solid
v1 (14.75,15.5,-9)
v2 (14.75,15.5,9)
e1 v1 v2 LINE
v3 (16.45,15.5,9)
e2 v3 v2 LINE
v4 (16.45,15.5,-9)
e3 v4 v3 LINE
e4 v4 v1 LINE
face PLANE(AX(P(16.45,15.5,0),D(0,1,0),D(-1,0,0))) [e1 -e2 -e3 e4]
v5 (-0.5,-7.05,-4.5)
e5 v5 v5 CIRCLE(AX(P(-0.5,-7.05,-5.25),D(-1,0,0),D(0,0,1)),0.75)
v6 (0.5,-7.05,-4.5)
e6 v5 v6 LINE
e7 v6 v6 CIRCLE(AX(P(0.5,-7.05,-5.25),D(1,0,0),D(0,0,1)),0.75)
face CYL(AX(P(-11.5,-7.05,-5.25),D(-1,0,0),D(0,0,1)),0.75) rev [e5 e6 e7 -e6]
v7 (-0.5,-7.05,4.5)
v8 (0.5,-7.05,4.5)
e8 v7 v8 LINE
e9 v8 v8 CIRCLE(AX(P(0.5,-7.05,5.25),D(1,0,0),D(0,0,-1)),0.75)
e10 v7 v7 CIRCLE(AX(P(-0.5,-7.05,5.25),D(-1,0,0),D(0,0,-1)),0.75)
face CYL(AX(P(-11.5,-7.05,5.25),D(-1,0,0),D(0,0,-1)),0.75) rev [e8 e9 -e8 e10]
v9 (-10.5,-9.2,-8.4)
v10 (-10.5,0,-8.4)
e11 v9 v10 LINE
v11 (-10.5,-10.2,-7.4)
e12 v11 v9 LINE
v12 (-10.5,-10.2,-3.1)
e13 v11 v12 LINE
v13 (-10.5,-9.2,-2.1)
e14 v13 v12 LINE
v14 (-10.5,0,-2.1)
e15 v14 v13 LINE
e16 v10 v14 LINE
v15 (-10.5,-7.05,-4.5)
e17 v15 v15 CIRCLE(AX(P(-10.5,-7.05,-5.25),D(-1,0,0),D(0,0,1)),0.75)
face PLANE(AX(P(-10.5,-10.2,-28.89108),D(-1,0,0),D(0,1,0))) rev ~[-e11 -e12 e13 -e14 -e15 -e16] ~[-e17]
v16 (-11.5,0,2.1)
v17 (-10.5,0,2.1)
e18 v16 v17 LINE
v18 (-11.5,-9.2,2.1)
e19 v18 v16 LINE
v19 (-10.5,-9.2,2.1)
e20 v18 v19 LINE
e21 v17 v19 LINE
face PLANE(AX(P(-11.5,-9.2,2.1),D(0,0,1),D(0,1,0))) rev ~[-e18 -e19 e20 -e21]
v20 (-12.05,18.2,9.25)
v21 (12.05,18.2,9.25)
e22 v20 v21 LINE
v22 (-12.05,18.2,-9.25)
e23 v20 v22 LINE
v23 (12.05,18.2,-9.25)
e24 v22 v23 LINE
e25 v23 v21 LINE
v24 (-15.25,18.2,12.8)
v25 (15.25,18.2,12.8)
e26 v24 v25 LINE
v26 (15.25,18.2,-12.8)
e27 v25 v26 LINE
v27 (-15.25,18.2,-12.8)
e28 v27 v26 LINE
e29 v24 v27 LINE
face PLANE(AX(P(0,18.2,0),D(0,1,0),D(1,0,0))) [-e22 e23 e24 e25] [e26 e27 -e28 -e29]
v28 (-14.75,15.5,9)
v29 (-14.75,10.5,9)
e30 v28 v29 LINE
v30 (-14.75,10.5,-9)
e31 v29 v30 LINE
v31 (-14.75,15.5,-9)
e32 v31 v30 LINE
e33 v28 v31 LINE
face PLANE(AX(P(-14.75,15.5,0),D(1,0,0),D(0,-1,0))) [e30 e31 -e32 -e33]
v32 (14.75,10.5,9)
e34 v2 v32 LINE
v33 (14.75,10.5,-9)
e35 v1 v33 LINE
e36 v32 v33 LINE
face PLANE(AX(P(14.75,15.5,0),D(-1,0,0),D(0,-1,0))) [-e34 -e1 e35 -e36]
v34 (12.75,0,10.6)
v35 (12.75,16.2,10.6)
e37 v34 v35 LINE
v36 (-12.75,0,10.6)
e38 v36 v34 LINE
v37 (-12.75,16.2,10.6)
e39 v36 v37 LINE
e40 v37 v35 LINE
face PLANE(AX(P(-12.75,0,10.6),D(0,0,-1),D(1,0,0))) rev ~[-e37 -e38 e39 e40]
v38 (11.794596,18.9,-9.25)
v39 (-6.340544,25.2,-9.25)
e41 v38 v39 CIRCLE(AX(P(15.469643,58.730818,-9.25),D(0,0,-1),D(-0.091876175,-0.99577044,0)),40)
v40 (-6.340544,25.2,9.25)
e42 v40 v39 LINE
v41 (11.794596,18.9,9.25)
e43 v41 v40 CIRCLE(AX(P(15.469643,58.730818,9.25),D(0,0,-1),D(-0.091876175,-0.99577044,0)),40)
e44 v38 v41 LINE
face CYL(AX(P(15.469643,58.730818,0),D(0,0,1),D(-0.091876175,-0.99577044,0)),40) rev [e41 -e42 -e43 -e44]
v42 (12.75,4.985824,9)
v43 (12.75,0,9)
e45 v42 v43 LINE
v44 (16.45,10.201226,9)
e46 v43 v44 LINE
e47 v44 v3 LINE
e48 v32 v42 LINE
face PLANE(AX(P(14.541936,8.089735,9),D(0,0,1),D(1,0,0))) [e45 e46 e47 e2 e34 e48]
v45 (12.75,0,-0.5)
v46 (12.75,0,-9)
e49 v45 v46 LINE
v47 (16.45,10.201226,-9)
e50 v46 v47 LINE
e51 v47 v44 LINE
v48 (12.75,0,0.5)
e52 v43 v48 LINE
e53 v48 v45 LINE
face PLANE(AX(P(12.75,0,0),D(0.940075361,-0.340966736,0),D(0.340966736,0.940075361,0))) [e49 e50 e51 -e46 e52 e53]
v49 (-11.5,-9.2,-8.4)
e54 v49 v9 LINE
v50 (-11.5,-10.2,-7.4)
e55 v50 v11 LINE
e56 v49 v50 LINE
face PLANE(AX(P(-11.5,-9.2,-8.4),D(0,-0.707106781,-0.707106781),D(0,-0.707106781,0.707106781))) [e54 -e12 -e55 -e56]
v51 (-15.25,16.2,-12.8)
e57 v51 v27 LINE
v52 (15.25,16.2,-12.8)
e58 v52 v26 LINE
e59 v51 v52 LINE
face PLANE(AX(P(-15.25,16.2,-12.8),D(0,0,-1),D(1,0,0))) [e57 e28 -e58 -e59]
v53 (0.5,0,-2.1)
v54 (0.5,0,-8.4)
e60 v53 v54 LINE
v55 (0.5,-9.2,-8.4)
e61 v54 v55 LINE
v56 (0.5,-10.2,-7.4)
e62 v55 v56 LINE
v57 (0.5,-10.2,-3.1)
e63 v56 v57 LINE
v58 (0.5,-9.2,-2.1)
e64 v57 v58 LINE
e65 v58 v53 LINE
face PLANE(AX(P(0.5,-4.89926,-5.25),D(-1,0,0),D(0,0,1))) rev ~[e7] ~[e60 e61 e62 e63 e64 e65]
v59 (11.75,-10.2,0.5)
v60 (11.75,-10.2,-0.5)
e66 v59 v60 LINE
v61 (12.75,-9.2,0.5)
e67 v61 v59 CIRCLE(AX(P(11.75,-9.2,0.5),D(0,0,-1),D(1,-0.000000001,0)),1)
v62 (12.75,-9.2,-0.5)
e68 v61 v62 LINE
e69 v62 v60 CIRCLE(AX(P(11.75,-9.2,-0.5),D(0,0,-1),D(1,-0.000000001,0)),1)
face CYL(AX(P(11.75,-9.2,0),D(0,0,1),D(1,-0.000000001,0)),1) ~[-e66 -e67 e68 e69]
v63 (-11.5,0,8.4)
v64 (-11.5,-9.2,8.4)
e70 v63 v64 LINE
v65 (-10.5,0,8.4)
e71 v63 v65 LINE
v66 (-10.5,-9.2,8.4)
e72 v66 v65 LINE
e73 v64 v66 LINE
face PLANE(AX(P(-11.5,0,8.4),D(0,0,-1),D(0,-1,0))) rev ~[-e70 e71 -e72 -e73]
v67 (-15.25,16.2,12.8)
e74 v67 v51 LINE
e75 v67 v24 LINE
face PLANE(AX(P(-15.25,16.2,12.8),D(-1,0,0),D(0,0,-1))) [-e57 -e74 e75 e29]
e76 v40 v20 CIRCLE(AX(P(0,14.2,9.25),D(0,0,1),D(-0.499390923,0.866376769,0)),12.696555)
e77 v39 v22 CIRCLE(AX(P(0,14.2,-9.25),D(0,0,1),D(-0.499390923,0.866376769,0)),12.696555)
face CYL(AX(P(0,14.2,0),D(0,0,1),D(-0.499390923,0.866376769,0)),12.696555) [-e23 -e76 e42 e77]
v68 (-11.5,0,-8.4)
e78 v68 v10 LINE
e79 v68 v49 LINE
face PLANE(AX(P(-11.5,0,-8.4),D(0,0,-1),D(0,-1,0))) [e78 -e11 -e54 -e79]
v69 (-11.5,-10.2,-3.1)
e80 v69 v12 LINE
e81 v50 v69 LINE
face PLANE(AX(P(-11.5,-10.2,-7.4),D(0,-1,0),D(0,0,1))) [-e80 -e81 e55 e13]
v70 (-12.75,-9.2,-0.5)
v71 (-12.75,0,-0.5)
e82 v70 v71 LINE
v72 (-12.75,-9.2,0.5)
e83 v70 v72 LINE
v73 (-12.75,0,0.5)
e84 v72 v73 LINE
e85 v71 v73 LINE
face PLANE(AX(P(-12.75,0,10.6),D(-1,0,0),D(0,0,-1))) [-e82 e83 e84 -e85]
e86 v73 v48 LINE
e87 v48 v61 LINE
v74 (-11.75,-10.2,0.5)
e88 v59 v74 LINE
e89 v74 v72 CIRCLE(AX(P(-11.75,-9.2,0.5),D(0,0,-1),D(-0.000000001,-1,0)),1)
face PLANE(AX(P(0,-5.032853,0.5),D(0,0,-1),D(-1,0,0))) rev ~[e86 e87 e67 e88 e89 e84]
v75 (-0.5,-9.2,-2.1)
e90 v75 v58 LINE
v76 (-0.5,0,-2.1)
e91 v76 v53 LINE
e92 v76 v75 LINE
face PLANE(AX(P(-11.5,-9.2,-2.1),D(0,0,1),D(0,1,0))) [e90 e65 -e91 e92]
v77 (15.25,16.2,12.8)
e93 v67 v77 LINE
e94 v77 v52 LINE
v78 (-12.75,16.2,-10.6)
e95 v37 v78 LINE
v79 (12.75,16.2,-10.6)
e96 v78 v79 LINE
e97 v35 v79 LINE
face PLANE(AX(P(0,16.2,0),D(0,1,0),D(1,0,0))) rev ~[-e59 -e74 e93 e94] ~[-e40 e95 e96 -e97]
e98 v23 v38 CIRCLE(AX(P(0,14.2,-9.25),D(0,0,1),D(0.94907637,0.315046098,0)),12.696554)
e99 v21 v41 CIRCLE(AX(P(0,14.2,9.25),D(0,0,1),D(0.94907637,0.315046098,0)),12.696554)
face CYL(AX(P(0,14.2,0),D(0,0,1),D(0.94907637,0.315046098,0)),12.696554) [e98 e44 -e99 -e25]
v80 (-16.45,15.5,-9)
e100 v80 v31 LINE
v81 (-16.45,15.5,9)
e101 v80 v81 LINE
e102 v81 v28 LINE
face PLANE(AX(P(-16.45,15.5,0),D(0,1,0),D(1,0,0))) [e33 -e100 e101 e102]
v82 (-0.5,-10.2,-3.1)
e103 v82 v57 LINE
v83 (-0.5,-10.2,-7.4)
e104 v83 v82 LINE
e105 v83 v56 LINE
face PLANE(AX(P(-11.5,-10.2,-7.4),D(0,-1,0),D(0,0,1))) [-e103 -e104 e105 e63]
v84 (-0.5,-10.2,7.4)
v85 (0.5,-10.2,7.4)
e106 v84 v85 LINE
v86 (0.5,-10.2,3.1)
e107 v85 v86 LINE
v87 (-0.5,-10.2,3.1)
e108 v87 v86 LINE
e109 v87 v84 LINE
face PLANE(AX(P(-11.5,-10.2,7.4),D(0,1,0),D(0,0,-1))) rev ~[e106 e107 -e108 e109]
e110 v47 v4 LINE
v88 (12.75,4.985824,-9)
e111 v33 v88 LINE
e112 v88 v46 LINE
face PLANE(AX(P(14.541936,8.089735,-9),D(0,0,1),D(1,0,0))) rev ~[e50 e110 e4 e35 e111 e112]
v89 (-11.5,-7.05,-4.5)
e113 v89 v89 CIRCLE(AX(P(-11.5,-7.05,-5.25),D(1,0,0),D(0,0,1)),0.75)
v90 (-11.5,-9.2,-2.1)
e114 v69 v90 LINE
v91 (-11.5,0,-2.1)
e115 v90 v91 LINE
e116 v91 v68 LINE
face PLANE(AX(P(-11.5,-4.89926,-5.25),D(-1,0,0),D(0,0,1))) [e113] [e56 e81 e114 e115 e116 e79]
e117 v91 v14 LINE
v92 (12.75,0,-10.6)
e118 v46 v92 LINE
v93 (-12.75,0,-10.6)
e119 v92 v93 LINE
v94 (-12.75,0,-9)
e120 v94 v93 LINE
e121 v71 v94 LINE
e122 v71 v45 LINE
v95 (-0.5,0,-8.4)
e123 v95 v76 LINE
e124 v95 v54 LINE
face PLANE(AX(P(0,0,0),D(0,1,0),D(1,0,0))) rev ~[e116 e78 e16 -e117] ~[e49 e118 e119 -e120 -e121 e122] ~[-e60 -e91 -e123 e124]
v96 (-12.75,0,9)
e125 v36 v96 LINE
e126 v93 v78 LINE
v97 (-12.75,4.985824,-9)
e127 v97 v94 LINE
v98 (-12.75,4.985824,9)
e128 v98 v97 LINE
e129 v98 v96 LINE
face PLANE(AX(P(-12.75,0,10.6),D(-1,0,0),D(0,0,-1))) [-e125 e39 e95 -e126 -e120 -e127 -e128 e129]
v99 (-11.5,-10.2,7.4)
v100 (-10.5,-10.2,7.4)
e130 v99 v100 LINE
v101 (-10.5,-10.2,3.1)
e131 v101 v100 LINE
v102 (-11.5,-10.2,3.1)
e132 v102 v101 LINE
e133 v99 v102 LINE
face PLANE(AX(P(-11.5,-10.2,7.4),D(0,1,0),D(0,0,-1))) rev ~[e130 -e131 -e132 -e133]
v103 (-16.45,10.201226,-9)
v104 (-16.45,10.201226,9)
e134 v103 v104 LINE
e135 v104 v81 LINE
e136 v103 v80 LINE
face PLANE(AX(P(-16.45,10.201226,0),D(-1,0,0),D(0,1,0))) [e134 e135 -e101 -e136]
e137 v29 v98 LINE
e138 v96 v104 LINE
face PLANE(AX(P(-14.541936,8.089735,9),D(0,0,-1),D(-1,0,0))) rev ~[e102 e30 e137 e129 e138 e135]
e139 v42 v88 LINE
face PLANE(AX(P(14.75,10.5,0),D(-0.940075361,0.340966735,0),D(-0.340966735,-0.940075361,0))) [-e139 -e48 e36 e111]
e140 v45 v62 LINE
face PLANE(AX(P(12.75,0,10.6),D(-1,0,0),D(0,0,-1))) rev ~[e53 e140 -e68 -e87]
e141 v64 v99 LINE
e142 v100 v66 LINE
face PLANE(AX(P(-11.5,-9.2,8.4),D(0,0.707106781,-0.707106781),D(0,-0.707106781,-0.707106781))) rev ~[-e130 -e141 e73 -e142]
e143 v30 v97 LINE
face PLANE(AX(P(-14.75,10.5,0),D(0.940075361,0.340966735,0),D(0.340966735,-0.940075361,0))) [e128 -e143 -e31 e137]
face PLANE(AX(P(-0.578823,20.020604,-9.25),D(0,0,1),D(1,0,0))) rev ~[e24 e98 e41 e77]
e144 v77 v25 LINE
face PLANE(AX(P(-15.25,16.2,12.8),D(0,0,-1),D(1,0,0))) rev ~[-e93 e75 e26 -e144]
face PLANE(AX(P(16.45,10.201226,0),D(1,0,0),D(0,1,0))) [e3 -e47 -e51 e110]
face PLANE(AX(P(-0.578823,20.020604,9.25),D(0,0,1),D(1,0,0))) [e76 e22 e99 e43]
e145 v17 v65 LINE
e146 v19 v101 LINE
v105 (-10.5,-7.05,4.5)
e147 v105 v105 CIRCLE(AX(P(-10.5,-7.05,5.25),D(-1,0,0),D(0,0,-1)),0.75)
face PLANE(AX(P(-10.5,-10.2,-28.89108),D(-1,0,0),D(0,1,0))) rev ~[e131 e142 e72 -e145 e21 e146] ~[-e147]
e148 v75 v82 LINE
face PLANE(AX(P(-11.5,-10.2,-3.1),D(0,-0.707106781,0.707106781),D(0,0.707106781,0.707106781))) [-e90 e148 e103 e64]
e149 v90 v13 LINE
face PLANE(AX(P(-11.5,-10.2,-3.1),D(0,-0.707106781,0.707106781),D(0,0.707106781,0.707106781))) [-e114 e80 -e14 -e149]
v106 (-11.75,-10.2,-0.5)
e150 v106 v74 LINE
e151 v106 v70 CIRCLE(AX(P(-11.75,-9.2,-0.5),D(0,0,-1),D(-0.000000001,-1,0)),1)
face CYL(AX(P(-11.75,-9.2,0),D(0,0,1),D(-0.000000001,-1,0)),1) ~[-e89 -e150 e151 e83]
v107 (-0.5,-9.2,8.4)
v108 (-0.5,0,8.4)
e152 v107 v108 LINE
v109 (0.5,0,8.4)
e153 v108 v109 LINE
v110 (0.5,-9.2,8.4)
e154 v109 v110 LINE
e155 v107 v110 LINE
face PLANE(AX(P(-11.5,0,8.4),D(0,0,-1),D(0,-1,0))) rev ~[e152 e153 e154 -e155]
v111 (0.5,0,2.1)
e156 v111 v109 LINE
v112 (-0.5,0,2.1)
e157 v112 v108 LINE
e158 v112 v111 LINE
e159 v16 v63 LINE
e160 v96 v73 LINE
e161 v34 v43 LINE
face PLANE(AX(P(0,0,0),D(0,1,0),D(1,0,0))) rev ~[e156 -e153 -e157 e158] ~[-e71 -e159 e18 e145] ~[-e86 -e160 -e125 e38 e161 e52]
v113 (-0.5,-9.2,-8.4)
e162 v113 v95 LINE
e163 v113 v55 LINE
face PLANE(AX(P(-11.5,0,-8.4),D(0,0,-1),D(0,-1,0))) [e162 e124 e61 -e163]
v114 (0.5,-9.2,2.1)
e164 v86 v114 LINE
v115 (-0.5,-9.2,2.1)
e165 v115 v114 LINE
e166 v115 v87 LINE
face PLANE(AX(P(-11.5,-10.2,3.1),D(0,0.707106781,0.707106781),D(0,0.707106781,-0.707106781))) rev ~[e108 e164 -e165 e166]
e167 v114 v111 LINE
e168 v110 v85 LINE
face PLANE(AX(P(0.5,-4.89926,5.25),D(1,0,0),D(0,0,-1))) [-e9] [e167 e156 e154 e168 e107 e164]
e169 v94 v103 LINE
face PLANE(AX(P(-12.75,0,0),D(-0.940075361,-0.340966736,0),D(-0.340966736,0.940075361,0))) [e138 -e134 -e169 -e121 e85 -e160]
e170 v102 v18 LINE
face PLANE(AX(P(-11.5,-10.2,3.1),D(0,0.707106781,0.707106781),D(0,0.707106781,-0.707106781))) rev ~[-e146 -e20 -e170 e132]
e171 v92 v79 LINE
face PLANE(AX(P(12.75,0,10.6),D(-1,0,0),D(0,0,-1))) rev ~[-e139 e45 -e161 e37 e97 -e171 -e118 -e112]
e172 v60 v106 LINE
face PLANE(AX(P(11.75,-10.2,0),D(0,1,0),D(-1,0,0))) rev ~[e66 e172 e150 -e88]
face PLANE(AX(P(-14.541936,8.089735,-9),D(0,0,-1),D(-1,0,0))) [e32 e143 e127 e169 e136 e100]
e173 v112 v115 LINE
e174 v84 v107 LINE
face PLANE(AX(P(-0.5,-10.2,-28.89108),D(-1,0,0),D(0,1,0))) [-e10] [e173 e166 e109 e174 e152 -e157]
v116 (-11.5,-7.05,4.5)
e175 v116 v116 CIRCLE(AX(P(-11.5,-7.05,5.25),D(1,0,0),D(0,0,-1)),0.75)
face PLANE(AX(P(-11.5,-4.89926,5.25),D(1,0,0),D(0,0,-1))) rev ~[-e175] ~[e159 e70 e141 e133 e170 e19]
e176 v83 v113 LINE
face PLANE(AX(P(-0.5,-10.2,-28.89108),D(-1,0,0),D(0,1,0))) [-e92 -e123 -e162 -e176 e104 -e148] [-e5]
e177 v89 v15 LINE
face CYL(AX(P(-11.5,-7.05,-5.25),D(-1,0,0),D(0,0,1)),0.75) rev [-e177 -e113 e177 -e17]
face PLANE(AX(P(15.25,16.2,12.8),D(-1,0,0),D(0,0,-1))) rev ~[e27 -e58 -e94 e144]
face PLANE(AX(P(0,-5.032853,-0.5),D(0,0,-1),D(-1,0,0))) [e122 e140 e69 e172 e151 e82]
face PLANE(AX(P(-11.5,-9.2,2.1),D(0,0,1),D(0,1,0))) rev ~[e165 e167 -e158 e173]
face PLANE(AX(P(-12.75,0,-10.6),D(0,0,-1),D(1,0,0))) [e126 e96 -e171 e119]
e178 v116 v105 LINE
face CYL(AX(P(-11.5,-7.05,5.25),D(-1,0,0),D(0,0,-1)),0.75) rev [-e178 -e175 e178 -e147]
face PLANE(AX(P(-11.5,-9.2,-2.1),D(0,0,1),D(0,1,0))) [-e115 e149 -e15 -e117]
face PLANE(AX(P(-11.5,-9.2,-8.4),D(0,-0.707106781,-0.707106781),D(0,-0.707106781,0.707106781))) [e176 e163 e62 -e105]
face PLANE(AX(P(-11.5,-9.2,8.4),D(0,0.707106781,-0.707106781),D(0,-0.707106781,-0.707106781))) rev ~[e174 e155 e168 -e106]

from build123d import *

# Parameters (mm, degrees)
SKETCH1_W                = 25.5
SKETCH1_H                = 21.2
BOSS_EXTRUDE1_DEPTH      = 16.2
SKETCH3_W                = 30.5
SKETCH3_H                = 25.6
BOSS_EXTRUDE2_DEPTH      = 2
BOSS_EXTRUDE3_DEPTH      = 9.25
BOSS_EXTRUDE4_DEPTH      = 0.5
BOSS_EXTRUDE4_DEPTH_BACK = 11.5
SKETCH6_R                = 0.75
CUT_EXTRUDE1_DEPTH       = 37.291080171
CUT_EXTRUDE1_DEPTH_BACK  = 37.291080171
SKETCH7_W                = 10
SKETCH7_H                = 10.2
BOSS_EXTRUDE5_DEPTH      = 0.5
BOSS_EXTRUDE6_DEPTH      = 9


with BuildPart() as part:
    # Sketch1 → Boss-Extrude1 (new body)
    with BuildSketch(Plane(origin=(0, 0, 0), x_dir=(1, 0, 0), z_dir=(0, 1, 0))):
        Rectangle(SKETCH1_W, SKETCH1_H)
    extrude(amount=BOSS_EXTRUDE1_DEPTH)

    # Sketch3 → Boss-Extrude2 (add)
    with BuildSketch(Plane(origin=(0, 16.2, 0), x_dir=(1, 0, 0), z_dir=(0, 1, 0))):
        Rectangle(SKETCH3_W, SKETCH3_H)
    extrude(amount=BOSS_EXTRUDE2_DEPTH)

    # Sketch4 → Boss-Extrude3 (add, symmetric)
    with BuildSketch(Plane.XY):
        with BuildLine():
            Line((-12.05, 18.2), (12.05, 18.2))
            ThreePointArc((12.05, 18.2), (11.927434436, 18.551874053), (11.79459622, 18.9))
            ThreePointArc((11.79459622, 18.9), (2.343455936, 20.945857513), (-6.340544141, 25.2))
            ThreePointArc((-6.340544141, 25.2), (-9.838853005, 22.224928134), (-12.05, 18.2))
        make_face()
    extrude(amount=BOSS_EXTRUDE3_DEPTH, both=True)

    # Sketch6 → Boss-Extrude4 (add, two sides: drawn at the far end of the back side and taken through both)
    # profile 1 of 2: a face of its own
    with BuildSketch(Plane(origin=(0, 0, 0), x_dir=(0, 0, -1), z_dir=(1, 0, 0)).offset(-BOSS_EXTRUDE4_DEPTH_BACK)):
        Polygon((-8.4, 0), (-8.4, -9.2), (-7.4, -10.2), (-3.1, -10.2), (-2.1, -9.2), (-2.1, 0), align=None)
        with Locations((-5.25, -7.05)):
            Circle(SKETCH6_R, mode=Mode.SUBTRACT)
    # profile 2 of 2: a face of its own
    with BuildSketch(Plane(origin=(0, 0, 0), x_dir=(0, 0, -1), z_dir=(1, 0, 0)).offset(-BOSS_EXTRUDE4_DEPTH_BACK)):
        Polygon((2.1, -9.2), (2.1, 0), (8.4, 0), (8.4, -9.2), (7.4, -10.2), (3.1, -10.2), align=None)
        with Locations(Location((5.25, -7.05, 0), (0, 0, 180))):
            Circle(SKETCH6_R, mode=Mode.SUBTRACT)
    extrude(amount=BOSS_EXTRUDE4_DEPTH + BOSS_EXTRUDE4_DEPTH_BACK)

    # Sketch7 → Cut-Extrude1 (cut, two sides: drawn at the far end of the back side and taken through both)
    with BuildSketch(Plane.XY.offset(8.4).offset(-CUT_EXTRUDE1_DEPTH_BACK)):
        with Locations((-5.5, -5.1)):
            Rectangle(SKETCH7_W, SKETCH7_H)
    extrude(amount=CUT_EXTRUDE1_DEPTH + CUT_EXTRUDE1_DEPTH_BACK, mode=Mode.SUBTRACT)

    # Sketch8 → Boss-Extrude5 (add, symmetric)
    with BuildSketch(Plane.XY):
        with BuildLine():
            Line((-12.75, 0), (12.75, 0))
            Line((12.75, 0), (12.75, -9.2))
            ThreePointArc((12.75, -9.2), (12.457106781, -9.907106781), (11.75, -10.2))
            Line((11.75, -10.2), (-11.75, -10.2))
            ThreePointArc((-11.75, -10.2), (-12.457106781, -9.907106781), (-12.75, -9.2))
            Line((-12.75, -9.2), (-12.75, 0))
        make_face()
    extrude(amount=BOSS_EXTRUDE5_DEPTH, both=True)

    # Sketch9 → Boss-Extrude6 (add, symmetric)
    with BuildSketch(Plane.XY):
        Polygon((-16.45, 15.5), (-14.75, 15.5), (-14.75, 10.5), (-12.75, 4.985823609), (-12.75, 0), (-16.45, 10.201226322), align=None)
        Polygon((12.75, 0), (16.45, 10.201226322), (16.45, 15.5), (14.75, 15.5), (14.75, 10.5), (12.75, 4.985823609), align=None)
    extrude(amount=BOSS_EXTRUDE6_DEPTH, both=True)


solid = part.part
